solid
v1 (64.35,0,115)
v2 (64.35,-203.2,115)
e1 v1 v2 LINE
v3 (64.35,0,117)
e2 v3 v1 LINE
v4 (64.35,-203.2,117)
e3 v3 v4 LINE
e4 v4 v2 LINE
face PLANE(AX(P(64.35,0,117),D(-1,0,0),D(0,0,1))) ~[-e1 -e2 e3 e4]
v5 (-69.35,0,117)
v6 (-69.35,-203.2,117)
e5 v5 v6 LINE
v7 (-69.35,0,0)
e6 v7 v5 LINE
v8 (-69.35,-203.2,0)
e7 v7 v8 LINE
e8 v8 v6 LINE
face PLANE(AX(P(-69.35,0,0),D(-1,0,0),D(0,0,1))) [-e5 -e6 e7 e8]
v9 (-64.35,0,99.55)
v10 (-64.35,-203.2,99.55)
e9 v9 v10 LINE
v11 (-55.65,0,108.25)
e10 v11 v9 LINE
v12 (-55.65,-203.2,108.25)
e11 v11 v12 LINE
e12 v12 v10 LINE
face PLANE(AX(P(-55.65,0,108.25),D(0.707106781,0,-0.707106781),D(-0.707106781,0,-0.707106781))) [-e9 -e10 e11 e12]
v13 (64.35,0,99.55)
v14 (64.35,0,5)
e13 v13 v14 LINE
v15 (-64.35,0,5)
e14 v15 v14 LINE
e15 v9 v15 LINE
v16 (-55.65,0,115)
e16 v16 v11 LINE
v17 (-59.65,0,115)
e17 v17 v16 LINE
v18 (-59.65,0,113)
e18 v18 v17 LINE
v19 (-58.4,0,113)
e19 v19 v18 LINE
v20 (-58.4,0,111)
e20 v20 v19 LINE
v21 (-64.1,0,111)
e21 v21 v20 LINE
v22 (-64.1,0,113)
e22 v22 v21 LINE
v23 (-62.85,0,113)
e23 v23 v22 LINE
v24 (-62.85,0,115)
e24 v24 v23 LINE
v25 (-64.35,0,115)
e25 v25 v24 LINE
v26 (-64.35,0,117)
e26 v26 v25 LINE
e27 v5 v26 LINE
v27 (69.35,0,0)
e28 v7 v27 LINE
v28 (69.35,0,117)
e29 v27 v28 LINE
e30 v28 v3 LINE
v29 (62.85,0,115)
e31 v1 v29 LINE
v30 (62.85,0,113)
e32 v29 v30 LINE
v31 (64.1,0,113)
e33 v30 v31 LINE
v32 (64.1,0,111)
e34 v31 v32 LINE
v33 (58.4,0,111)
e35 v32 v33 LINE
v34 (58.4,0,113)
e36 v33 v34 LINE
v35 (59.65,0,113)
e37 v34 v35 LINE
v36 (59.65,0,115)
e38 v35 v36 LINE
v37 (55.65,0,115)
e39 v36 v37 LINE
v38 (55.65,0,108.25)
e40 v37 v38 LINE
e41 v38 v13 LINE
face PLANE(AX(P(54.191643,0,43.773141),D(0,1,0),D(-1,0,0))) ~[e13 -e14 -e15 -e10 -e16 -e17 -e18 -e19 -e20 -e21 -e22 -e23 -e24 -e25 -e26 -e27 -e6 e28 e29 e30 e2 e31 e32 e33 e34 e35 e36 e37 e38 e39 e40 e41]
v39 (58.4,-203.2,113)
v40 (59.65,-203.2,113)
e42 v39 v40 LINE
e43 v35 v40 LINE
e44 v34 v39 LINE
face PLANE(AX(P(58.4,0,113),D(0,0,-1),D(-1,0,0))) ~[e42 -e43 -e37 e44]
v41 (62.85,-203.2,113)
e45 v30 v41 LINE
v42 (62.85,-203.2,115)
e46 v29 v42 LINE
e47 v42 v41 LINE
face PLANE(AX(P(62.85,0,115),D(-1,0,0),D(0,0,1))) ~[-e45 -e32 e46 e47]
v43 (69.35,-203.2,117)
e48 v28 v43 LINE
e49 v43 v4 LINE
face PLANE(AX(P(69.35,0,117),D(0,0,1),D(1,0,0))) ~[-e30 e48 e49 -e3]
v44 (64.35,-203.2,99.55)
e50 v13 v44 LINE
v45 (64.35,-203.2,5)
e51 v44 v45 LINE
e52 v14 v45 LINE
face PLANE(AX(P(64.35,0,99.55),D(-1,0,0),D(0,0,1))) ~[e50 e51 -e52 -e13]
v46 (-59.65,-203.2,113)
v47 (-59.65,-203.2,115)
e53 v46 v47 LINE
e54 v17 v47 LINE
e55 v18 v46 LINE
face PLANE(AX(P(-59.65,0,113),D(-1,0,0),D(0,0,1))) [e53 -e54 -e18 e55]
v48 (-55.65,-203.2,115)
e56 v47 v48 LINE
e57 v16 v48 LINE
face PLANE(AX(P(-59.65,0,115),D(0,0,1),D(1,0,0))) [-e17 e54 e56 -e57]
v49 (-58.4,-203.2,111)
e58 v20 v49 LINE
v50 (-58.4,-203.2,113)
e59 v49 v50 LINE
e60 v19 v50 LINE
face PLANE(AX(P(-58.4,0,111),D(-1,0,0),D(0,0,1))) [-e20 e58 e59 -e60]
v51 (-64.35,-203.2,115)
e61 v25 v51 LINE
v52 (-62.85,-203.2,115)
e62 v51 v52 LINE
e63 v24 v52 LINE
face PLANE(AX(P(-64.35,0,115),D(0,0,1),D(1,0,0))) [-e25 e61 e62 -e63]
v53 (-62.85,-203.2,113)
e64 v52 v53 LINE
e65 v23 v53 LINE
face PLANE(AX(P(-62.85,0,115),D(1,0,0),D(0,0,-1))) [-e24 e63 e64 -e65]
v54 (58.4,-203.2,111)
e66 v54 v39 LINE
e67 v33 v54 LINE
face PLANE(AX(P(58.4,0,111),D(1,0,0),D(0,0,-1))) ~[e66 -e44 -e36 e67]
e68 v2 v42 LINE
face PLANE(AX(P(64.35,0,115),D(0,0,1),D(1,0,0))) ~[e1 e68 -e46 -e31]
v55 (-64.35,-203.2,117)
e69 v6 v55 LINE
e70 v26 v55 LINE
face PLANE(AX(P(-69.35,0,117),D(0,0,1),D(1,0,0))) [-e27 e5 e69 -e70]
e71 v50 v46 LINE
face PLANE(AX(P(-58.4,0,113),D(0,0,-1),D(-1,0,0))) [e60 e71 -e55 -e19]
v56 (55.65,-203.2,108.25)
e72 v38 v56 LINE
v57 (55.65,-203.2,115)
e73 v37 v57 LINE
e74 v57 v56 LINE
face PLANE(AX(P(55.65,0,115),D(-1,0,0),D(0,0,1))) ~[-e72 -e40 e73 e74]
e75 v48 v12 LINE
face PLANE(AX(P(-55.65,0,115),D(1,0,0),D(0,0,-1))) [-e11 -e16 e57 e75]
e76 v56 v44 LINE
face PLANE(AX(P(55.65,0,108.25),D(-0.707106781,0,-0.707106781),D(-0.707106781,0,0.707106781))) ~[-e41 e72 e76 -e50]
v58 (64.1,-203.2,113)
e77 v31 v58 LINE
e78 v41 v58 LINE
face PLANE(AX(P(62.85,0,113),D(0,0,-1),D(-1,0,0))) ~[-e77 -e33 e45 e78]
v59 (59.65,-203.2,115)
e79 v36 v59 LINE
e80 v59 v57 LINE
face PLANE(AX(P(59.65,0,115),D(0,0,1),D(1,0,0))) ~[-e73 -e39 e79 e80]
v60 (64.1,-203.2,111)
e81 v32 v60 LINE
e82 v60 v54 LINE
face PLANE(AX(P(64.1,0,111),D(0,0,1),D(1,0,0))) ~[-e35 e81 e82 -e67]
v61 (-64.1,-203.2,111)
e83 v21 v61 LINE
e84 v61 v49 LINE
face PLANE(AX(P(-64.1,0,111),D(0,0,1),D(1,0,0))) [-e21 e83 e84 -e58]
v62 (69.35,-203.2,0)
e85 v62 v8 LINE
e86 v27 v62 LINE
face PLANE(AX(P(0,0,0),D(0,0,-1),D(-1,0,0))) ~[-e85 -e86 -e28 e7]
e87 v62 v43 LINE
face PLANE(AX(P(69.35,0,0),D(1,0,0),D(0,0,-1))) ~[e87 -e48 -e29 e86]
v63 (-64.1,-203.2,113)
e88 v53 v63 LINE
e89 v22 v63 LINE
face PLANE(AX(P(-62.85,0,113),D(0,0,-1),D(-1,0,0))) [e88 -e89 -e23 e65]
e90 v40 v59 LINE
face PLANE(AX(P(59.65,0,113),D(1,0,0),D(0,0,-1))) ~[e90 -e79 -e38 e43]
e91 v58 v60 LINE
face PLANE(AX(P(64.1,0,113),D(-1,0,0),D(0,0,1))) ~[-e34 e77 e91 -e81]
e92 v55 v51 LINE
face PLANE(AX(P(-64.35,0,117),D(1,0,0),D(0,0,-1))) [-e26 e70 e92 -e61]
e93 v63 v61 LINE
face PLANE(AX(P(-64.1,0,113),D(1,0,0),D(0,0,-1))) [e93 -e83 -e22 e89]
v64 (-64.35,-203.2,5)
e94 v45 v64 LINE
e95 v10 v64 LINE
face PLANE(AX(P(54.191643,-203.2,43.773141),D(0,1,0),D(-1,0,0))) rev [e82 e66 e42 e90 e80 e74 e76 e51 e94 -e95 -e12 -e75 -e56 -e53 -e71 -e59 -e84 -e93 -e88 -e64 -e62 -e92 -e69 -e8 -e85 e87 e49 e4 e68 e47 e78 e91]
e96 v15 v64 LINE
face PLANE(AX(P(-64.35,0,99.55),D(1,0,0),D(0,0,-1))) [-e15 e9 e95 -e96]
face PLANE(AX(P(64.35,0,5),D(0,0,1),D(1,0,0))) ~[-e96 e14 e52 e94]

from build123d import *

# Parameters (mm, degrees)
PAD_DEPTH = 203.2


with BuildPart() as part:
    # Sketch → Pad (new body)
    with BuildSketch(Plane.XZ):
        Polygon((-69.35, 0), (-69.35, 117), (-64.35, 117), (-64.35, 115), (-62.85, 115), (-62.85, 113), (-64.1, 113), (-64.1, 111), (-58.4, 111), (-58.4, 113), (-59.65, 113), (-59.65, 115), (-55.65, 115), (-55.65, 108.25), (-64.35, 99.55), (-64.35, 5), (0, 5), (0, 0), align=None)
    pad = extrude(amount=PAD_DEPTH)

    # Mirrored: Pad across Sketch V_Axis
    add(pad.mirror(Plane(origin=(0, 0, 0), x_dir=(0, -1, 0), z_dir=(1, 0, 0))))


solid = part.part
